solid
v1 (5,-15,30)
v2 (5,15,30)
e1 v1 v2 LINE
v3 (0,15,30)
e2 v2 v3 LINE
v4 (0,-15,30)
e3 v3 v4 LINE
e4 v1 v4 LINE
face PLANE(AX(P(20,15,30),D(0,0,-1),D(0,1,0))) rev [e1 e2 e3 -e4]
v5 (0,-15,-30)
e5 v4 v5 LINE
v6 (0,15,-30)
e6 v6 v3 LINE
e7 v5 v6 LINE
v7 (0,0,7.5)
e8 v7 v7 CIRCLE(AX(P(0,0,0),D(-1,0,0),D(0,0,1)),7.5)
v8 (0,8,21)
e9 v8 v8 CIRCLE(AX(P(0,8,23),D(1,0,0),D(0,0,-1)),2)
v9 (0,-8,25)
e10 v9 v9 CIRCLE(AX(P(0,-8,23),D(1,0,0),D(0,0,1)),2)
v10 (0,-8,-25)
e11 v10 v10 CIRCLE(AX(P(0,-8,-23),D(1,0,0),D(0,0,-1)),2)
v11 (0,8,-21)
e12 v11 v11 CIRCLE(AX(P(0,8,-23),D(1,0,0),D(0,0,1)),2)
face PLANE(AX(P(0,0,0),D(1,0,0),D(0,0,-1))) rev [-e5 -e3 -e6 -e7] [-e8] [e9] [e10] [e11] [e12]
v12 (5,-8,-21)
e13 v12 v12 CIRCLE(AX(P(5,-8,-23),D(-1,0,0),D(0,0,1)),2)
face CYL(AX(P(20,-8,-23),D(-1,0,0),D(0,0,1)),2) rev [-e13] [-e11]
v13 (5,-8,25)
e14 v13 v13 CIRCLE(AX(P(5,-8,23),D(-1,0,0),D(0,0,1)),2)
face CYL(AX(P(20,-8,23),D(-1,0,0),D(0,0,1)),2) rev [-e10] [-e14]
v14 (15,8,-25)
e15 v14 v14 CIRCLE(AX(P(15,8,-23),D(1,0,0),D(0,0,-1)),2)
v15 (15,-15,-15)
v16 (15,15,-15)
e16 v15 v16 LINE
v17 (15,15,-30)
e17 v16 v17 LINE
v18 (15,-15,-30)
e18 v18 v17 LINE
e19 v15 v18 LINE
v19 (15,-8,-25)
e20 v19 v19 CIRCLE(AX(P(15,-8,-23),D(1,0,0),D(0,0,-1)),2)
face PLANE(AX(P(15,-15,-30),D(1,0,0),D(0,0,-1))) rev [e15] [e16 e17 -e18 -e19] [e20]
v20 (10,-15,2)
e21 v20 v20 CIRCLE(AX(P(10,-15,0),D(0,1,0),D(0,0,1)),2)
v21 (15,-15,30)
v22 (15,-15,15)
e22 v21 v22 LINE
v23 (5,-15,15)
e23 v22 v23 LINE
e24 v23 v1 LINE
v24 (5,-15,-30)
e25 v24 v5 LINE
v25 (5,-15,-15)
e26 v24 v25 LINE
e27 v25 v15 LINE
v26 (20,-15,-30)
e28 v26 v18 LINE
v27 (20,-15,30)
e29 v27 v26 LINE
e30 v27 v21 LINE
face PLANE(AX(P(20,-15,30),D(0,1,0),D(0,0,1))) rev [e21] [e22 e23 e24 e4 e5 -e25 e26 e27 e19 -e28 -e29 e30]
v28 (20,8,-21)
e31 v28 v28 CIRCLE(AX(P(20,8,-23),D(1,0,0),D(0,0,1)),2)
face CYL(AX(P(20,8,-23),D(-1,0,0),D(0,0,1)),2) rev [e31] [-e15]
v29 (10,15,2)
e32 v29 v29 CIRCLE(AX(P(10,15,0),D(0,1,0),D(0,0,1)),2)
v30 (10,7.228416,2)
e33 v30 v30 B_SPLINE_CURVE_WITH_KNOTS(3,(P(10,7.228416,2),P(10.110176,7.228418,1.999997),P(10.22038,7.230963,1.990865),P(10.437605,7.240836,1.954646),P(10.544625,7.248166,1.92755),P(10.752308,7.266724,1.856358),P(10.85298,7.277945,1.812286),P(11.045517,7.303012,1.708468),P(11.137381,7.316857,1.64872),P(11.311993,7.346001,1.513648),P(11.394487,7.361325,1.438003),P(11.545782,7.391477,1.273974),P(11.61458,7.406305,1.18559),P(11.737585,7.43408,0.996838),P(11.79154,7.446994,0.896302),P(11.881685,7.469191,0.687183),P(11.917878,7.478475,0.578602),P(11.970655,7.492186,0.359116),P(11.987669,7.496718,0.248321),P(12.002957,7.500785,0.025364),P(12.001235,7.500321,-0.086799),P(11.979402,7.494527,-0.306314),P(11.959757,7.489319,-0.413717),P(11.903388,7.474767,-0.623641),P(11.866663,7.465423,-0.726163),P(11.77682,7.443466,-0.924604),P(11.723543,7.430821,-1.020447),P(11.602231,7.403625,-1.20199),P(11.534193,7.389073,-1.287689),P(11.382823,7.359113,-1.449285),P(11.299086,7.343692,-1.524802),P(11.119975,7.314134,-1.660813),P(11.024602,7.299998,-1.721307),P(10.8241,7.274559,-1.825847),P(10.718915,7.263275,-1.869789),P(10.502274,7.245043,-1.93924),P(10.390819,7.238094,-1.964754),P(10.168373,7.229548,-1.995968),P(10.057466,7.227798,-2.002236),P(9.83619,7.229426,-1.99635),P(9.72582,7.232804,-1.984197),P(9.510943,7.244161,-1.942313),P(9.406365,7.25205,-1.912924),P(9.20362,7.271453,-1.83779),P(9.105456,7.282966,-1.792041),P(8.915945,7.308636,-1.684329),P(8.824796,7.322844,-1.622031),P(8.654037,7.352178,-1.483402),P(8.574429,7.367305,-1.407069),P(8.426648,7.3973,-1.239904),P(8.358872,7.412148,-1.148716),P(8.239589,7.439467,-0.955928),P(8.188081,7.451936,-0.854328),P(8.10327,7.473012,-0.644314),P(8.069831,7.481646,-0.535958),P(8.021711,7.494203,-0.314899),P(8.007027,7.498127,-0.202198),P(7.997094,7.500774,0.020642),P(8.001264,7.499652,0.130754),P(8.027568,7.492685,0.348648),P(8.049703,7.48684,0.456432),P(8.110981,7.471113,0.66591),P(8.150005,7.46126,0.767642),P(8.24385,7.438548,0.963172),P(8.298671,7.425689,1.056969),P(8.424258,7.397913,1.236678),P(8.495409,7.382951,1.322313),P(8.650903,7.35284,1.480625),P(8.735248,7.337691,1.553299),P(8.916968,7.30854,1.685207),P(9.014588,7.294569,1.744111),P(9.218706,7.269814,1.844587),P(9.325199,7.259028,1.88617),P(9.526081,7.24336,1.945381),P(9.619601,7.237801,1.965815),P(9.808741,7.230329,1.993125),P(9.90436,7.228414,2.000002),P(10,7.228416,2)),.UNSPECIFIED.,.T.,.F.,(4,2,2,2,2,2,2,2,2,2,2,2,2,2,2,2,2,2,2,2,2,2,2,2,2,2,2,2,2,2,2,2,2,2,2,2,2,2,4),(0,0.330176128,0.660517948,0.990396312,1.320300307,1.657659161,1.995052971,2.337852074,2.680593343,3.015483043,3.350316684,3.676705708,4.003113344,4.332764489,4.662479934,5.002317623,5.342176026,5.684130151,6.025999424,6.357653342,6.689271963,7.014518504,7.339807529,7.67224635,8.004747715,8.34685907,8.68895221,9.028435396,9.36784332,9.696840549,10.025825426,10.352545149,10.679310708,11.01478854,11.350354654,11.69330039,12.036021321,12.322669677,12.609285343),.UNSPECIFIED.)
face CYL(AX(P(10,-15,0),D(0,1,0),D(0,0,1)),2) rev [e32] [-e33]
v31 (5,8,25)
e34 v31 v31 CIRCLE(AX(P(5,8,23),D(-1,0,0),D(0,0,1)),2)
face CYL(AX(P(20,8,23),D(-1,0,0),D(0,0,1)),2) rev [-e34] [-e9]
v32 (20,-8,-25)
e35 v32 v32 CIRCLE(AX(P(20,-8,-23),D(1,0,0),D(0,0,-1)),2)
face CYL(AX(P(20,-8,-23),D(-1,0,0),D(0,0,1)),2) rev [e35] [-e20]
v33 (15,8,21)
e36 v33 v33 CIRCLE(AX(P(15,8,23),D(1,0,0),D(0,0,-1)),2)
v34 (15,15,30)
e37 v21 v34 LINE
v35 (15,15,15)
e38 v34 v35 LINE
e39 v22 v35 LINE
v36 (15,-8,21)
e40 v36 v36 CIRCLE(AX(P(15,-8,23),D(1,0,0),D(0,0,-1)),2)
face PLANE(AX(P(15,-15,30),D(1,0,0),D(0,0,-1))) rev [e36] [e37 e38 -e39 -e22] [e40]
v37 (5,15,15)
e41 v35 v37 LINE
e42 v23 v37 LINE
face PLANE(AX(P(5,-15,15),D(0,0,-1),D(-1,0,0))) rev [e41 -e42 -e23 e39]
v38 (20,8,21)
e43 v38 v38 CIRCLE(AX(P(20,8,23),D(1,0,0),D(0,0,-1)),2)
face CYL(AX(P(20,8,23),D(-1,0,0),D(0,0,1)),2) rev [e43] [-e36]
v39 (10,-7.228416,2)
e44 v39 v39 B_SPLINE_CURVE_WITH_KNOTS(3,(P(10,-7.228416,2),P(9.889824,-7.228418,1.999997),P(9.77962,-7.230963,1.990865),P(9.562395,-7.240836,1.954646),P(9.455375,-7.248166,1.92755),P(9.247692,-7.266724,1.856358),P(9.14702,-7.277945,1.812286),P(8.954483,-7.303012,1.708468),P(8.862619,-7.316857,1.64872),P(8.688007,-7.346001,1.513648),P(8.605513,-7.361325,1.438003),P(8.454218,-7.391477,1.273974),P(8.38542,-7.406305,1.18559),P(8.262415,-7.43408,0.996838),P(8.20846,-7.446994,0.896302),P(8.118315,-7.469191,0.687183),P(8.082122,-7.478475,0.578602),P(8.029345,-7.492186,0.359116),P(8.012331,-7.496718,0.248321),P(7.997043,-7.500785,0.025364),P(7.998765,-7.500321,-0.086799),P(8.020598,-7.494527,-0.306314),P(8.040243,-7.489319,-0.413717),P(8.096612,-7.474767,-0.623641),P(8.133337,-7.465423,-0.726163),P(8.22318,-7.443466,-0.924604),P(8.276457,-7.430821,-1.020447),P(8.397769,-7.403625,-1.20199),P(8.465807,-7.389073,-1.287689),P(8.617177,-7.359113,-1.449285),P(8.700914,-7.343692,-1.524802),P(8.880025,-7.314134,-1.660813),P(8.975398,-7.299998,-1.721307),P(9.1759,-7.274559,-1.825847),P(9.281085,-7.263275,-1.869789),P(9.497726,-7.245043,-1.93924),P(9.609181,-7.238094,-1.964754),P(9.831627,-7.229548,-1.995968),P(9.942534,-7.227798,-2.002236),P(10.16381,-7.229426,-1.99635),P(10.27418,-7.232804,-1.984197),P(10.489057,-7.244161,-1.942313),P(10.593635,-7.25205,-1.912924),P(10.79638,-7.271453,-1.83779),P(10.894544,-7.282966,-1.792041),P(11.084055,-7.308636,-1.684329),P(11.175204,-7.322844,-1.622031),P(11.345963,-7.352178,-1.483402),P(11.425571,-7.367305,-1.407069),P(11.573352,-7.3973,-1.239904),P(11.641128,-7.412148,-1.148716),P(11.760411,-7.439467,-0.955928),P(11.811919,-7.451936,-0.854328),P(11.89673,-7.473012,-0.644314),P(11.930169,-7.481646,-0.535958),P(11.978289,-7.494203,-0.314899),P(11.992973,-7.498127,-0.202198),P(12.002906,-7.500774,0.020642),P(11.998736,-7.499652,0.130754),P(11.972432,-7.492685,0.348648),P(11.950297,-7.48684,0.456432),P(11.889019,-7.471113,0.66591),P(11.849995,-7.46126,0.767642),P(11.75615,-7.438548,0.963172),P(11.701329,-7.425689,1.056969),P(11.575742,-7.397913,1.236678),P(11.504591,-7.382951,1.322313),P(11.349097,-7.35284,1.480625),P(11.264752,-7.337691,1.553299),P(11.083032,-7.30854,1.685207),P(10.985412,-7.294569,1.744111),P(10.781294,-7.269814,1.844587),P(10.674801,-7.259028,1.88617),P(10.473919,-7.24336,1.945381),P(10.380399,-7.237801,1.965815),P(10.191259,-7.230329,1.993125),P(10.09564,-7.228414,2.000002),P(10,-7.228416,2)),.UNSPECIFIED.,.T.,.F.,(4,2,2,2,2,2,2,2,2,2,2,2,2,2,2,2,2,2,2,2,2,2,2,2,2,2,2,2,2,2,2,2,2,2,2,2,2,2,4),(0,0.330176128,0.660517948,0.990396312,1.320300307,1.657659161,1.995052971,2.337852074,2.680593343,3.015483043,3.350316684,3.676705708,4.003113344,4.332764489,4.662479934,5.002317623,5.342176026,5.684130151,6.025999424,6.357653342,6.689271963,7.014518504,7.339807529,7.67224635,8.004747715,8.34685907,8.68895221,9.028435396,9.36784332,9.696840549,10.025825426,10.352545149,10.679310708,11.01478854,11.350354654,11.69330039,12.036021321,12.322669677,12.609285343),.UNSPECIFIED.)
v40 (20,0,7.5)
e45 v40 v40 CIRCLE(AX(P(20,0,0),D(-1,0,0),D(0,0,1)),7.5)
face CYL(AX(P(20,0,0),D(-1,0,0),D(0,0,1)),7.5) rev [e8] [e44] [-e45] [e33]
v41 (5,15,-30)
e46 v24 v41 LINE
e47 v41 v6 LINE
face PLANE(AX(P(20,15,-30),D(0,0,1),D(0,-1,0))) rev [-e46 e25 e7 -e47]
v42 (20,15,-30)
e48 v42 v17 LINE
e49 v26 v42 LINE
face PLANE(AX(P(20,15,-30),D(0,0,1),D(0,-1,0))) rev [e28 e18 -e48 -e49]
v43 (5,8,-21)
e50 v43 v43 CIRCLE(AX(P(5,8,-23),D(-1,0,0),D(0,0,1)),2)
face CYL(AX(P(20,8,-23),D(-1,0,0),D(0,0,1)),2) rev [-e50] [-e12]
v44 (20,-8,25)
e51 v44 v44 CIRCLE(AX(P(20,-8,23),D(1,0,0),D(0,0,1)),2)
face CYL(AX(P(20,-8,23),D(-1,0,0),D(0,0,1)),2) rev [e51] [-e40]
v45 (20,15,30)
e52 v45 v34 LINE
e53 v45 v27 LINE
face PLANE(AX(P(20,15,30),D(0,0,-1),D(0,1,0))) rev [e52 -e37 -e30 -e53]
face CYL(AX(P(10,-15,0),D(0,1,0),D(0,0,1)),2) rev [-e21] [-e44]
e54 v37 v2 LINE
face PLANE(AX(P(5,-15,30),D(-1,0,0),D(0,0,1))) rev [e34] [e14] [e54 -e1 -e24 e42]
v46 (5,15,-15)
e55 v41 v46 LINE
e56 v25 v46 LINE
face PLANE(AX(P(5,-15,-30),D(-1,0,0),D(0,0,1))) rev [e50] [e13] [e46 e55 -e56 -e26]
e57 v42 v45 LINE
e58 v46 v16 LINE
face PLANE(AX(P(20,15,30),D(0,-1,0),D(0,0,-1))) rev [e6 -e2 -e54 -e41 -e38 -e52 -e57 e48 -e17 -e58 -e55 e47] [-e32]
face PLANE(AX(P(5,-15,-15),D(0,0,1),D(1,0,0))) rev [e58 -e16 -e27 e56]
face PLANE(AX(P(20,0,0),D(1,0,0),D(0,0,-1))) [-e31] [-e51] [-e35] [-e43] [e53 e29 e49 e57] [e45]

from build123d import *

# Parameters (mm, degrees)
SKETCH_1_W          = 60
SKETCH_1_H          = 30
SKETCH_1_R          = 2
EXTRUDE_1_DEPTH     = 20
SKETCH_2_W          = 10
SKETCH_2_H          = 15
CUT_EXTRUDE_1_DEPTH = 47.904157598
SKETCH_3_R          = 7.5
CUT_EXTRUDE_2_DEPTH = 20
SKETCH_4_R          = 2
CUT_EXTRUDE_3_DEPTH = 47.904157598


with BuildPart() as part:
    # 스케치1 → 보스-돌출1 (new body)
    with BuildSketch(Plane(origin=(0, 0, 0), x_dir=(0, 0, -1), z_dir=(1, 0, 0))):
        Rectangle(SKETCH_1_W, SKETCH_1_H)
        with Locations((-23, 8)):
            Circle(SKETCH_1_R, mode=Mode.SUBTRACT)
        with Locations(Location((-23, -8, 0), (0, 0, 180))):
            Circle(SKETCH_1_R, mode=Mode.SUBTRACT)
        with Locations((23, -8)):
            Circle(SKETCH_1_R, mode=Mode.SUBTRACT)
        with Locations(Location((23, 8, 0), (0, 0, 180))):
            Circle(SKETCH_1_R, mode=Mode.SUBTRACT)
    extrude(amount=EXTRUDE_1_DEPTH)

    # 스케치2 → 컷-돌출1 (cut, through all)
    with BuildSketch(Plane(origin=(0, 15, 0), x_dir=(1, 0, 0), z_dir=(0, 1, 0))):
        with Locations((10, 22.5)):
            Rectangle(SKETCH_2_W, SKETCH_2_H)
        with Locations((10, -22.5)):
            Rectangle(SKETCH_2_W, SKETCH_2_H)
    extrude(amount=-CUT_EXTRUDE_1_DEPTH, mode=Mode.SUBTRACT)

    # 스케치3 → 컷-돌출2 (cut)
    with BuildSketch(Plane.ZY):
        Circle(SKETCH_3_R)
    extrude(amount=-CUT_EXTRUDE_2_DEPTH, mode=Mode.SUBTRACT)

    # 스케치4 → 컷-돌출3 (cut, through all)
    with BuildSketch(Plane(origin=(0, 15, 0), x_dir=(1, 0, 0), z_dir=(0, 1, 0))):
        with Locations(Location((10, 0, 0), (0, 0, 270))):
            Circle(SKETCH_4_R)
    extrude(amount=-CUT_EXTRUDE_3_DEPTH, mode=Mode.SUBTRACT)


solid = part.part
